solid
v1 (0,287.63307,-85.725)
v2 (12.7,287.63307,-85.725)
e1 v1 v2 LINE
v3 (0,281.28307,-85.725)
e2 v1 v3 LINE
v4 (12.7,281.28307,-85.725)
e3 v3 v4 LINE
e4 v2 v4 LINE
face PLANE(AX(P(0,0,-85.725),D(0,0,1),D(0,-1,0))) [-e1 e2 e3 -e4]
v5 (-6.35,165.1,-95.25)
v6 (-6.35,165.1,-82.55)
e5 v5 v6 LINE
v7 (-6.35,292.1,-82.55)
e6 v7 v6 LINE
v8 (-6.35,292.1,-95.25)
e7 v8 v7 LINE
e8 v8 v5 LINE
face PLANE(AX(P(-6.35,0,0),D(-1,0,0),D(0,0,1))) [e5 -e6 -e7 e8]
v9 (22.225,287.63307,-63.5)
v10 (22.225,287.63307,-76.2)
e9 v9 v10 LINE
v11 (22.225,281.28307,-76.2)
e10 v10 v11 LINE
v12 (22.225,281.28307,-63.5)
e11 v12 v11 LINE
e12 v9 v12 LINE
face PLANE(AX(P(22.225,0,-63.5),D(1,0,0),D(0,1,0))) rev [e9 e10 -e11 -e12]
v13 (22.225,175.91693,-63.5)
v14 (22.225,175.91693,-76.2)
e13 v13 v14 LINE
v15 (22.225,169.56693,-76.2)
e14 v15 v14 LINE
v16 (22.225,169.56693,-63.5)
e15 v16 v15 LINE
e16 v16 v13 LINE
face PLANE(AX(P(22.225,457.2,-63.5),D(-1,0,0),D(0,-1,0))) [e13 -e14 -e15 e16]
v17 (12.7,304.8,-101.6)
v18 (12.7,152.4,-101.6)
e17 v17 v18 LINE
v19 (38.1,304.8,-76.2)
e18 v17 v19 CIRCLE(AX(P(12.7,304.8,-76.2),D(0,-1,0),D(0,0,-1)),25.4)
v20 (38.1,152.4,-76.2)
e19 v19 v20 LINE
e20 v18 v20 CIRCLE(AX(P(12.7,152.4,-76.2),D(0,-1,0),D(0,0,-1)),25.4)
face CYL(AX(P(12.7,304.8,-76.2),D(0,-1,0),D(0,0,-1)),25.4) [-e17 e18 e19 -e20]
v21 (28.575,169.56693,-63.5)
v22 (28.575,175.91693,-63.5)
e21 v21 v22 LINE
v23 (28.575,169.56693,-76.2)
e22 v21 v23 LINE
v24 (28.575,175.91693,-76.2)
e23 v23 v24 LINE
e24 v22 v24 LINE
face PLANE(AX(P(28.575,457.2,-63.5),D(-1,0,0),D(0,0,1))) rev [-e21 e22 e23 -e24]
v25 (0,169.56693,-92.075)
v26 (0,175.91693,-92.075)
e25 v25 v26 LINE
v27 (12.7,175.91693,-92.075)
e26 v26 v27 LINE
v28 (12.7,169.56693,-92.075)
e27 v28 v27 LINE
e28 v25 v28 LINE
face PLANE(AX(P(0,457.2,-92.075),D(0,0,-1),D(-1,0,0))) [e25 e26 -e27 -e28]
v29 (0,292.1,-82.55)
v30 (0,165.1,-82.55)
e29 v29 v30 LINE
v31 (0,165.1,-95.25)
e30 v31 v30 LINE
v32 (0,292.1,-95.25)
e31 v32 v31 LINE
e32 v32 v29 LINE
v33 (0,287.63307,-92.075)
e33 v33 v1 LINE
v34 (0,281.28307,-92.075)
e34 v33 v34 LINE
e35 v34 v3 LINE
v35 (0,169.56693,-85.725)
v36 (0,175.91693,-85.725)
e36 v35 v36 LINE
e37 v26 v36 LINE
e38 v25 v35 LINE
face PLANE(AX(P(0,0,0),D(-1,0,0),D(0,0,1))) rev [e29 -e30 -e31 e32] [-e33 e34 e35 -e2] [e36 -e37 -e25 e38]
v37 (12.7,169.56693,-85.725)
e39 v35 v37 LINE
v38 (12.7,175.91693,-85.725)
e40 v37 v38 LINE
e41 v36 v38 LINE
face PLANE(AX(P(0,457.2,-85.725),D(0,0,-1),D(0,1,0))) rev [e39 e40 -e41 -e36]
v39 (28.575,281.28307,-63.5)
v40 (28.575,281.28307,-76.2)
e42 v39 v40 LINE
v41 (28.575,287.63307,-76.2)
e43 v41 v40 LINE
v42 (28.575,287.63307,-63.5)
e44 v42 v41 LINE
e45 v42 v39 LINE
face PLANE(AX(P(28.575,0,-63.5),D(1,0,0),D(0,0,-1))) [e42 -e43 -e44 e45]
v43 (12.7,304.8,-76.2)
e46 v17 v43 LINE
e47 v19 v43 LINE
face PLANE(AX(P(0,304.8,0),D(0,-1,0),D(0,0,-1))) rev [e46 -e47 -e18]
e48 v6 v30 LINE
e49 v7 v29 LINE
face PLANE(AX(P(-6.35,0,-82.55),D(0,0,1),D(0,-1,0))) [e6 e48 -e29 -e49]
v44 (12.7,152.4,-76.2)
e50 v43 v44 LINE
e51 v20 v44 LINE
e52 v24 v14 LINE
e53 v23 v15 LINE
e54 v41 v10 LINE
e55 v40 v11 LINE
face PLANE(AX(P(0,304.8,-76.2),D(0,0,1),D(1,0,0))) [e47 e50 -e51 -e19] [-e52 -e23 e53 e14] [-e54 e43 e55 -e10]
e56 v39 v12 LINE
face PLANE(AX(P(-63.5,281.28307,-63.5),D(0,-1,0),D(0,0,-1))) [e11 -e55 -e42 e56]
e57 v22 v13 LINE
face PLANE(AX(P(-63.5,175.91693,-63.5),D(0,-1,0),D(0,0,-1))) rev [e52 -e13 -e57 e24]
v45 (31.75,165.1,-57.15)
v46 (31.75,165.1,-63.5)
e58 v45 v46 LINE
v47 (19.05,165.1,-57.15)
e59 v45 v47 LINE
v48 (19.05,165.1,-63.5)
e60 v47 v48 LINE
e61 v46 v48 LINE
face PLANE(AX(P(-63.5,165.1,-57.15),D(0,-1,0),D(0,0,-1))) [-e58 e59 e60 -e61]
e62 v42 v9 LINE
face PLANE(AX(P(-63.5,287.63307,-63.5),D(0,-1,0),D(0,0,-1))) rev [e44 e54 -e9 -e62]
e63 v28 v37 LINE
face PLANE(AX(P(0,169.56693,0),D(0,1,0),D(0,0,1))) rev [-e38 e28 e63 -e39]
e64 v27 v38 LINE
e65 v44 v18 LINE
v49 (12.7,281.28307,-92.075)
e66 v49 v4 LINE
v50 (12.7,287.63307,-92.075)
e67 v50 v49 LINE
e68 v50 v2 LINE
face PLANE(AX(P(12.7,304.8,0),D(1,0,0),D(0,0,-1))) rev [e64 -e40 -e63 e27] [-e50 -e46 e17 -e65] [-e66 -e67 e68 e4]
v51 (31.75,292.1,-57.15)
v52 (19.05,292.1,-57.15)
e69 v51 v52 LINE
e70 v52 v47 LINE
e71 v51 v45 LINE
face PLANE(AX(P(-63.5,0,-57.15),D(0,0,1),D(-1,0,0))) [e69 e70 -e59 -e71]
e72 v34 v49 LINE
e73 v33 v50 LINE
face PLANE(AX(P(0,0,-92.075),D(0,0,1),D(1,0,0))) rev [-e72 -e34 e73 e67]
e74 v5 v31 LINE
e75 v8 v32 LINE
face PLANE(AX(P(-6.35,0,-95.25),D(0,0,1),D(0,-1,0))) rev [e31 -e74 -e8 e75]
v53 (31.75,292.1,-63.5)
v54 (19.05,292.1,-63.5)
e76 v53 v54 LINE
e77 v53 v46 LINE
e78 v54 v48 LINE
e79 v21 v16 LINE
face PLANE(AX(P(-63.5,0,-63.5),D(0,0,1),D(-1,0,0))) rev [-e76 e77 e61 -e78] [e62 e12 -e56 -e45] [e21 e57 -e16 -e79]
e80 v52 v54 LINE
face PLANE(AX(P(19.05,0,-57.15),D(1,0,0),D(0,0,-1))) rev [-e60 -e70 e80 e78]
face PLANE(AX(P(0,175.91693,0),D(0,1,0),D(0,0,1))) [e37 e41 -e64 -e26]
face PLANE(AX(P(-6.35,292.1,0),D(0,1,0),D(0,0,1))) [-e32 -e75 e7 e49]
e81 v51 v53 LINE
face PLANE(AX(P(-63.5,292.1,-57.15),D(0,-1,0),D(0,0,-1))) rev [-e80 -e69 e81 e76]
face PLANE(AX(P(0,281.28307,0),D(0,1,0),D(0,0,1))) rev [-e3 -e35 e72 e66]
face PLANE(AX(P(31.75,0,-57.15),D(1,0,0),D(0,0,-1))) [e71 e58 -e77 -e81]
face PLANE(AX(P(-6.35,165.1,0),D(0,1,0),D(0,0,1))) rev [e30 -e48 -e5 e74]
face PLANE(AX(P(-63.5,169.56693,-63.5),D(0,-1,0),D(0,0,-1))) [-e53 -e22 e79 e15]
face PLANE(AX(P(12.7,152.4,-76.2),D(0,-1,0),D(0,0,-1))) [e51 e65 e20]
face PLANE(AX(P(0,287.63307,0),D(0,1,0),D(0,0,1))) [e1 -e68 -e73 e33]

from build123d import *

# Parameters (mm, degrees)
SKETCH1_W               = 38.1
SKETCH1_H               = 101.6
BOSS_EXTRUDE1_DEPTH     = 304.8
CUT_EXTRUDE2_DEPTH      = 324.538575753
SKETCH3_W               = 12.7
SKETCH3_H               = 25.4
CUT_EXTRUDE3_DEPTH      = 324.538575753
CUT_EXTRUDE4_DEPTH      = 324.538575753
CUT_EXTRUDE5_DEPTH      = 152.4
SKETCH6_W               = 6.35
SKETCH6_H               = 6.35
BOSS_EXTRUDE2_DEPTH     = 12.7
SKETCH7_W               = 12.7
SKETCH7_H               = 127
BOSS_EXTRUDE3_DEPTH     = 6.35
MIRROR2_COPY_1_SKETCH_W = 6.35
MIRROR2_COPY_1_SKETCH_H = 6.35
MIRROR2_COPY_1_DEPTH    = 12.7


with BuildPart() as part:
    # Sketch1 → Boss-Extrude1 (new body)
    with BuildSketch(Plane(origin=(0, 0, 0), x_dir=(1, 0, 0), z_dir=(0, 1, 0))):
        with Locations((19.05, 50.8)):
            Rectangle(SKETCH1_W, SKETCH1_H)
    extrude(amount=BOSS_EXTRUDE1_DEPTH)

    # Sketch2 → Cut-Extrude2 (cut, through all)
    with BuildSketch(Plane.XZ):
        Polygon((12.7, -76.2), (38.1, -76.2), (38.1, 0), (0, 0), (0, -76.2), align=None)
    extrude(amount=-CUT_EXTRUDE2_DEPTH, mode=Mode.SUBTRACT)

    # Sketch3 → Cut-Extrude3 (cut, through all)
    with BuildSketch(Plane.XZ):
        with Locations((6.35, -88.9)):
            Rectangle(SKETCH3_W, SKETCH3_H)
    extrude(amount=-CUT_EXTRUDE3_DEPTH, mode=Mode.SUBTRACT)

    # Sketch4 → Cut-Extrude4 (cut, through all)
    with BuildSketch(Plane.XZ):
        with BuildLine():
            ThreePointArc((12.7, -101.6), (30.660512242, -94.160512242), (38.1, -76.2))
            Line((38.1, -76.2), (38.1, -101.6))
            Line((38.1, -101.6), (12.7, -101.6))
        make_face()
    extrude(amount=-CUT_EXTRUDE4_DEPTH, mode=Mode.SUBTRACT)

    # Sketch5 → Cut-Extrude5 (cut)
    with BuildSketch(Plane.XZ):
        with BuildLine():
            Line((12.7, -76.2), (12.7, -101.6))
            ThreePointArc((12.7, -101.6), (30.660512242, -94.160512242), (38.1, -76.2))
            Line((38.1, -76.2), (12.7, -76.2))
        make_face()
    extrude(amount=-CUT_EXTRUDE5_DEPTH, mode=Mode.SUBTRACT)

    # Sketch6 → Boss-Extrude2 (add)
    with BuildSketch(Plane.ZY.offset(-12.7)):
        with Locations((-88.9, 284.458069637)):
            Rectangle(SKETCH6_W, SKETCH6_H)
    boss_extrude2 = extrude(amount=BOSS_EXTRUDE2_DEPTH)

    # Mirror1: Boss-Extrude2 across plane
    add(boss_extrude2.mirror(Plane(origin=(0, 228.6, 0), x_dir=(0, 0, 1), z_dir=(0, -1, 0))))

    # Sketch7 → Boss-Extrude3 (add)
    with BuildSketch(Plane.ZY):
        with Locations((-88.9, 228.6)):
            Rectangle(SKETCH7_W, SKETCH7_H)
    boss_extrude3 = extrude(amount=BOSS_EXTRUDE3_DEPTH)

    # Mirror2: Boss-Extrude2, Boss-Extrude3 across plane
    add(boss_extrude2.mirror(Plane(origin=(-31.75, 0, -31.75), x_dir=(-0.7071067811865479, 0, 0.7071067811865471), z_dir=(0.7071067811865471, 0, 0.7071067811865479))))
    add(boss_extrude3.mirror(Plane(origin=(-31.75, 0, -31.75), x_dir=(-0.7071067811865479, 0, 0.7071067811865471), z_dir=(0.7071067811865471, 0, 0.7071067811865479))))

    # Mirror2 copy 1 sketch → Mirror2 copy 1 (add)
    with BuildSketch(Plane(origin=(-63.5, 457.2, -76.2), x_dir=(-1, 0, 0), z_dir=(0, 0, 1))):
        with Locations((-88.9, 284.458069637)):
            Rectangle(MIRROR2_COPY_1_SKETCH_W, MIRROR2_COPY_1_SKETCH_H)
    extrude(amount=MIRROR2_COPY_1_DEPTH)


solid = part.part
